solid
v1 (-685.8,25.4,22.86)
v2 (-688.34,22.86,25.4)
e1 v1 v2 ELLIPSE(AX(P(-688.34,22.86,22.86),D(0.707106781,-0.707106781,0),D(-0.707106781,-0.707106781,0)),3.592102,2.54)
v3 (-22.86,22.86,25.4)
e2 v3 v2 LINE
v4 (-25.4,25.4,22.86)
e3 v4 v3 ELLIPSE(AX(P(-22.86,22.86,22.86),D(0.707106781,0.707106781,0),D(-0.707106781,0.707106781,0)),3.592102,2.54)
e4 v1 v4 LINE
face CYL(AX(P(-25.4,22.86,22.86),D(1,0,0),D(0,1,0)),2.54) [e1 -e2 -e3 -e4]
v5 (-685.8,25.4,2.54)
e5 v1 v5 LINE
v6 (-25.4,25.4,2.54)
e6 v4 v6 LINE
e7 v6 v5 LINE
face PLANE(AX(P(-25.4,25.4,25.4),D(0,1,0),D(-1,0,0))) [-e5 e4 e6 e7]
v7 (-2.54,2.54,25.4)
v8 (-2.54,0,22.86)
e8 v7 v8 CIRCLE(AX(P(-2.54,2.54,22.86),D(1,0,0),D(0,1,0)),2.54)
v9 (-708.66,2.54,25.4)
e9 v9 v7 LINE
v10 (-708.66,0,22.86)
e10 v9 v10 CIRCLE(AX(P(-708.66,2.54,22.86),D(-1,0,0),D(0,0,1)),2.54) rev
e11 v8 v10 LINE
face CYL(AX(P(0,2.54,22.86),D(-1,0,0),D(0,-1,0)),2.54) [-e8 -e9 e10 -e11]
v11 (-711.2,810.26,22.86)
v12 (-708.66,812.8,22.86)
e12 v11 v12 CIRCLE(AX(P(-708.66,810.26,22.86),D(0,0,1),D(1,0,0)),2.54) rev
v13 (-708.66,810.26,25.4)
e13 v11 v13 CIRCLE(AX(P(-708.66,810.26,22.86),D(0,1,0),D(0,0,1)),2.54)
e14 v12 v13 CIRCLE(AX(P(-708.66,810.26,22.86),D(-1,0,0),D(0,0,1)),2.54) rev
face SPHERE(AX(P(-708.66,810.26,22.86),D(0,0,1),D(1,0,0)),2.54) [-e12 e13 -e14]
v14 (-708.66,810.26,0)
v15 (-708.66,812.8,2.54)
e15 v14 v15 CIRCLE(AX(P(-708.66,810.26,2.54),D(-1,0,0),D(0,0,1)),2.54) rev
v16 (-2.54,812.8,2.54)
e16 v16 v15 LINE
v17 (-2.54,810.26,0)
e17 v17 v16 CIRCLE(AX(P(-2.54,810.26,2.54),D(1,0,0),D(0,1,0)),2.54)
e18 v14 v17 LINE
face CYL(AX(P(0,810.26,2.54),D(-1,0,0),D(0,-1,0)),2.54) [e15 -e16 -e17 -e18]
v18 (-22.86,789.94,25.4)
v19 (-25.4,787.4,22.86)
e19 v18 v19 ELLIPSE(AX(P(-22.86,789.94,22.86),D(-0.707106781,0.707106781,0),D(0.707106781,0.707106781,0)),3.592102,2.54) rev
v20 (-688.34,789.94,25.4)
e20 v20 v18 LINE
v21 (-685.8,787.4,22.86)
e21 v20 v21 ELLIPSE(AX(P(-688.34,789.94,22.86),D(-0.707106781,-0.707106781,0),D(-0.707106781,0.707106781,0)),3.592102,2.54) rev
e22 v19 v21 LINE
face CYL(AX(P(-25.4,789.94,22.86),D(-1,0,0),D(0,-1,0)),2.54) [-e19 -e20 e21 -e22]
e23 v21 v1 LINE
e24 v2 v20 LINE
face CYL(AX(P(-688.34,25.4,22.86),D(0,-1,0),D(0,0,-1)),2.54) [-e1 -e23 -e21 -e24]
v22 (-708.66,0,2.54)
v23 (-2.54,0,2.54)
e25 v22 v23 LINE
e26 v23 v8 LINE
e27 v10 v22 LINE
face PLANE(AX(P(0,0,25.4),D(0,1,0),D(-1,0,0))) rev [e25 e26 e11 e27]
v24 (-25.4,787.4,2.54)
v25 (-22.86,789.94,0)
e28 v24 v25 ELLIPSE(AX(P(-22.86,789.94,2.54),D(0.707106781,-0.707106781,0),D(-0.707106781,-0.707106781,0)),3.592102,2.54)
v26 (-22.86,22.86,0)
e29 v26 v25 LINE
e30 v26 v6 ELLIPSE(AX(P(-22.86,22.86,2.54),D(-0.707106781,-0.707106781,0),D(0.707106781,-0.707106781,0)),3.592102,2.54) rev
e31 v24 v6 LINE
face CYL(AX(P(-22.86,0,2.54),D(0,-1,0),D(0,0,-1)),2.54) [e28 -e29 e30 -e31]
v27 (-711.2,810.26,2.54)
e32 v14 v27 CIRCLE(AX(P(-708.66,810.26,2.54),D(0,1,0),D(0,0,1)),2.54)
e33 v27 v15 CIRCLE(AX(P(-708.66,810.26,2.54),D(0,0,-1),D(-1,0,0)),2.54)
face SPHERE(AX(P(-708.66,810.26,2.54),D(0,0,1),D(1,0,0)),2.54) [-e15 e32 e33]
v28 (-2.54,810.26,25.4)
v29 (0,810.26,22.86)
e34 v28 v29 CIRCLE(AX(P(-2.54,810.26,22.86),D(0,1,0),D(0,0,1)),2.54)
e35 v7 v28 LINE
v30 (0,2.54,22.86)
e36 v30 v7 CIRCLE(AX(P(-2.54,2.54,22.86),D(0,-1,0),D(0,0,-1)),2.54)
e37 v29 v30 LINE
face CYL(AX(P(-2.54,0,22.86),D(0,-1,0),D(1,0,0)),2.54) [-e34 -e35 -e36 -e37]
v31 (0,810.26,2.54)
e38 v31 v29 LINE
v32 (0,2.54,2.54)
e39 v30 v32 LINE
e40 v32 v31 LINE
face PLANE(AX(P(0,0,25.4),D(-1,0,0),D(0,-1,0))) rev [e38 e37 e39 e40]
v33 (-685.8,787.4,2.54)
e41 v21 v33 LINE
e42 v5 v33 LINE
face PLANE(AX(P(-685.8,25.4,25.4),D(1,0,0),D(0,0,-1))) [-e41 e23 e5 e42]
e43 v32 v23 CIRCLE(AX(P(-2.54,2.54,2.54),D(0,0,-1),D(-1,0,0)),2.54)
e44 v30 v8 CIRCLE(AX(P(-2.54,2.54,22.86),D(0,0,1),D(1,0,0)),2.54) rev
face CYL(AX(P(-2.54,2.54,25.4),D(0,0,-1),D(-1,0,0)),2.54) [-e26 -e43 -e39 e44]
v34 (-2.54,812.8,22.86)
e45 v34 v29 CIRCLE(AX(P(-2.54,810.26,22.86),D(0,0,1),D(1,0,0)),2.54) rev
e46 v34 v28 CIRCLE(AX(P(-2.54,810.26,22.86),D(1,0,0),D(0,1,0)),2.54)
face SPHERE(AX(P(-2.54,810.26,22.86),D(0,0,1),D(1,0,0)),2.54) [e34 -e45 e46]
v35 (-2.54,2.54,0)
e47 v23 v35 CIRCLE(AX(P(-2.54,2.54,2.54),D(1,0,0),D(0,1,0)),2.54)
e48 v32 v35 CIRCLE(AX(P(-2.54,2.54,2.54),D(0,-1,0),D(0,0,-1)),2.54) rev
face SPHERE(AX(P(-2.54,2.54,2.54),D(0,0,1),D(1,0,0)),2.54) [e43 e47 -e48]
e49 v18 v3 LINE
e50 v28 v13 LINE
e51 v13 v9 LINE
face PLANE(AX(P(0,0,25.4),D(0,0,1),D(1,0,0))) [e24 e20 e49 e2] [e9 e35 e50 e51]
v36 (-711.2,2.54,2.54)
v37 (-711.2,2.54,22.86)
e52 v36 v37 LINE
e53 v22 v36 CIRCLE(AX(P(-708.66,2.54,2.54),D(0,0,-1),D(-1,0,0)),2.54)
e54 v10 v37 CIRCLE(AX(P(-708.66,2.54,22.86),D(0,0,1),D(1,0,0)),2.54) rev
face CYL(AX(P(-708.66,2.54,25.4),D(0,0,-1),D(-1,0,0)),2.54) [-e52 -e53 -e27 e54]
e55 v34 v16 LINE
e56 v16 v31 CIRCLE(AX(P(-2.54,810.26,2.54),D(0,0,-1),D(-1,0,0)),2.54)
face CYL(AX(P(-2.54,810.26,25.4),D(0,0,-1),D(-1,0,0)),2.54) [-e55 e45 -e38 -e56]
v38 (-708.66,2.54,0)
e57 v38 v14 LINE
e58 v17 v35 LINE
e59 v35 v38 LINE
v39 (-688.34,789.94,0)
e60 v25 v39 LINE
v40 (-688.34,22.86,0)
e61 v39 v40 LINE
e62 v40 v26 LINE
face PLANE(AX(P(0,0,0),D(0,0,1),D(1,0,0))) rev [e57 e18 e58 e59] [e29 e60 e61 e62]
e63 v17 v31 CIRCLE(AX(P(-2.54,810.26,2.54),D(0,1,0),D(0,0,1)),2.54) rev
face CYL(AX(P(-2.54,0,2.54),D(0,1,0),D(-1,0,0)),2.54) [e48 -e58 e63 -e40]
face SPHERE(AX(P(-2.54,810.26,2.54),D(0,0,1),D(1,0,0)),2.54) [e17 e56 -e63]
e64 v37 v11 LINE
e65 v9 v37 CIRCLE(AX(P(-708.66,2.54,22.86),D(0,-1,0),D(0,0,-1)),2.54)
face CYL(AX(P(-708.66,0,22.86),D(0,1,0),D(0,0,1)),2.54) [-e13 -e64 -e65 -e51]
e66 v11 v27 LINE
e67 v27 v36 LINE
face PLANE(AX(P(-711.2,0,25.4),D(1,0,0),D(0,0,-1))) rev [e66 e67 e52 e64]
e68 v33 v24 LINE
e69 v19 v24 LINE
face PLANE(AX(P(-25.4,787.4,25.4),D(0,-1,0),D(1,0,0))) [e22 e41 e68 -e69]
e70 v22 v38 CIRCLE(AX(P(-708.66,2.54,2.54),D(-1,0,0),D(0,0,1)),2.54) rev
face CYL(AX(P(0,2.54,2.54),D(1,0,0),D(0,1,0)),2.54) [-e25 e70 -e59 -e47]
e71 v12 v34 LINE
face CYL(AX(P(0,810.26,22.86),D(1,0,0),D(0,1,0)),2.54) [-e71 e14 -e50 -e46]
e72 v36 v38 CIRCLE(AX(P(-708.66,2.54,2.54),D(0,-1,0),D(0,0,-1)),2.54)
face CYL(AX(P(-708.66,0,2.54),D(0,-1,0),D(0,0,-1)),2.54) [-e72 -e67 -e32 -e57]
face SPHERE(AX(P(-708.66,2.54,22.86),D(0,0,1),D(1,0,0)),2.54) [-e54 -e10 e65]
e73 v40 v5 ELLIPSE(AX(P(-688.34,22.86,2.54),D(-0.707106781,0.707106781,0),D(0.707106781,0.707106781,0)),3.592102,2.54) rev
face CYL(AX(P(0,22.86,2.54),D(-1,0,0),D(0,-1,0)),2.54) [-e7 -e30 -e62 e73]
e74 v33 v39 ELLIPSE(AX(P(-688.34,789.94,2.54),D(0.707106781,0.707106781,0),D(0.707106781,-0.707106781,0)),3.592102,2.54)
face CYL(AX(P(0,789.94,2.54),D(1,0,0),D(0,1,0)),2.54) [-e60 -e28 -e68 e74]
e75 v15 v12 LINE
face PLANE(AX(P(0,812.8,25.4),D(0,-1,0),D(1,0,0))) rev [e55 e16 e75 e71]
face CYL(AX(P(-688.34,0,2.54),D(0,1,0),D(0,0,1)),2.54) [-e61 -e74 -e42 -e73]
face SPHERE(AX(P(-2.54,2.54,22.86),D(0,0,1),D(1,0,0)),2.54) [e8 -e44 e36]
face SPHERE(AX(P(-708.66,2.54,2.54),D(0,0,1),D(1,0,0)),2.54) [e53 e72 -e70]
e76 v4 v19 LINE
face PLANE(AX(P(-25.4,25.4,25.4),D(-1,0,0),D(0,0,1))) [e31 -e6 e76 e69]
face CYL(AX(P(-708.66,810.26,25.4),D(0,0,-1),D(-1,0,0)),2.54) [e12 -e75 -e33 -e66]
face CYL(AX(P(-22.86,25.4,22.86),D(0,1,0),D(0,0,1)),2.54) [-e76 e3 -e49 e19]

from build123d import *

# Parameters (mm, degrees)
SKETCH1_W           = 711.2
SKETCH1_H           = 812.8
SKETCH1_W_2         = 660.4
SKETCH1_H_2         = 762
BOSS_EXTRUDE1_DEPTH = 25.4
FILLET1_R           = 2.54


with BuildPart() as part:
    # Sketch1 → Boss-Extrude1 (new body)
    with BuildSketch(Plane.XY):
        with Locations((-355.6, 406.4)):
            Rectangle(SKETCH1_W, SKETCH1_H)
        with Locations((-355.6, 406.4)):
            Rectangle(SKETCH1_W_2, SKETCH1_H_2, mode=Mode.SUBTRACT)
    extrude(amount=BOSS_EXTRUDE1_DEPTH)

    # Fillet1
    fillet1_edges = [part.edges().sort_by_distance(p)[0] for p in [
        (-711.2, 406.4, 25.4),
        (-25.4, 406.4, 0),
        (-355.6, 787.4, 0),
        (-685.8, 406.4, 0),
        (-355.6, 25.4, 0),
        (-25.4, 406.4, 25.4),
        (-355.6, 0, 25.4),
        (-355.6, 787.4, 25.4),
        (-685.8, 406.4, 25.4),
        (-355.6, 25.4, 25.4),
        (0, 406.4, 25.4),
        (-355.6, 0, 0),
        (-711.2, 406.4, 0),
        (-355.6, 812.8, 0),
        (0, 406.4, 0),
        (0, 0, 12.7),
        (-711.2, 0, 12.7),
        (-711.2, 812.8, 12.7),
        (0, 812.8, 12.7),
        (-355.6, 812.8, 25.4),
    ]]
    fillet(fillet1_edges, radius=FILLET1_R)


solid = part.part
